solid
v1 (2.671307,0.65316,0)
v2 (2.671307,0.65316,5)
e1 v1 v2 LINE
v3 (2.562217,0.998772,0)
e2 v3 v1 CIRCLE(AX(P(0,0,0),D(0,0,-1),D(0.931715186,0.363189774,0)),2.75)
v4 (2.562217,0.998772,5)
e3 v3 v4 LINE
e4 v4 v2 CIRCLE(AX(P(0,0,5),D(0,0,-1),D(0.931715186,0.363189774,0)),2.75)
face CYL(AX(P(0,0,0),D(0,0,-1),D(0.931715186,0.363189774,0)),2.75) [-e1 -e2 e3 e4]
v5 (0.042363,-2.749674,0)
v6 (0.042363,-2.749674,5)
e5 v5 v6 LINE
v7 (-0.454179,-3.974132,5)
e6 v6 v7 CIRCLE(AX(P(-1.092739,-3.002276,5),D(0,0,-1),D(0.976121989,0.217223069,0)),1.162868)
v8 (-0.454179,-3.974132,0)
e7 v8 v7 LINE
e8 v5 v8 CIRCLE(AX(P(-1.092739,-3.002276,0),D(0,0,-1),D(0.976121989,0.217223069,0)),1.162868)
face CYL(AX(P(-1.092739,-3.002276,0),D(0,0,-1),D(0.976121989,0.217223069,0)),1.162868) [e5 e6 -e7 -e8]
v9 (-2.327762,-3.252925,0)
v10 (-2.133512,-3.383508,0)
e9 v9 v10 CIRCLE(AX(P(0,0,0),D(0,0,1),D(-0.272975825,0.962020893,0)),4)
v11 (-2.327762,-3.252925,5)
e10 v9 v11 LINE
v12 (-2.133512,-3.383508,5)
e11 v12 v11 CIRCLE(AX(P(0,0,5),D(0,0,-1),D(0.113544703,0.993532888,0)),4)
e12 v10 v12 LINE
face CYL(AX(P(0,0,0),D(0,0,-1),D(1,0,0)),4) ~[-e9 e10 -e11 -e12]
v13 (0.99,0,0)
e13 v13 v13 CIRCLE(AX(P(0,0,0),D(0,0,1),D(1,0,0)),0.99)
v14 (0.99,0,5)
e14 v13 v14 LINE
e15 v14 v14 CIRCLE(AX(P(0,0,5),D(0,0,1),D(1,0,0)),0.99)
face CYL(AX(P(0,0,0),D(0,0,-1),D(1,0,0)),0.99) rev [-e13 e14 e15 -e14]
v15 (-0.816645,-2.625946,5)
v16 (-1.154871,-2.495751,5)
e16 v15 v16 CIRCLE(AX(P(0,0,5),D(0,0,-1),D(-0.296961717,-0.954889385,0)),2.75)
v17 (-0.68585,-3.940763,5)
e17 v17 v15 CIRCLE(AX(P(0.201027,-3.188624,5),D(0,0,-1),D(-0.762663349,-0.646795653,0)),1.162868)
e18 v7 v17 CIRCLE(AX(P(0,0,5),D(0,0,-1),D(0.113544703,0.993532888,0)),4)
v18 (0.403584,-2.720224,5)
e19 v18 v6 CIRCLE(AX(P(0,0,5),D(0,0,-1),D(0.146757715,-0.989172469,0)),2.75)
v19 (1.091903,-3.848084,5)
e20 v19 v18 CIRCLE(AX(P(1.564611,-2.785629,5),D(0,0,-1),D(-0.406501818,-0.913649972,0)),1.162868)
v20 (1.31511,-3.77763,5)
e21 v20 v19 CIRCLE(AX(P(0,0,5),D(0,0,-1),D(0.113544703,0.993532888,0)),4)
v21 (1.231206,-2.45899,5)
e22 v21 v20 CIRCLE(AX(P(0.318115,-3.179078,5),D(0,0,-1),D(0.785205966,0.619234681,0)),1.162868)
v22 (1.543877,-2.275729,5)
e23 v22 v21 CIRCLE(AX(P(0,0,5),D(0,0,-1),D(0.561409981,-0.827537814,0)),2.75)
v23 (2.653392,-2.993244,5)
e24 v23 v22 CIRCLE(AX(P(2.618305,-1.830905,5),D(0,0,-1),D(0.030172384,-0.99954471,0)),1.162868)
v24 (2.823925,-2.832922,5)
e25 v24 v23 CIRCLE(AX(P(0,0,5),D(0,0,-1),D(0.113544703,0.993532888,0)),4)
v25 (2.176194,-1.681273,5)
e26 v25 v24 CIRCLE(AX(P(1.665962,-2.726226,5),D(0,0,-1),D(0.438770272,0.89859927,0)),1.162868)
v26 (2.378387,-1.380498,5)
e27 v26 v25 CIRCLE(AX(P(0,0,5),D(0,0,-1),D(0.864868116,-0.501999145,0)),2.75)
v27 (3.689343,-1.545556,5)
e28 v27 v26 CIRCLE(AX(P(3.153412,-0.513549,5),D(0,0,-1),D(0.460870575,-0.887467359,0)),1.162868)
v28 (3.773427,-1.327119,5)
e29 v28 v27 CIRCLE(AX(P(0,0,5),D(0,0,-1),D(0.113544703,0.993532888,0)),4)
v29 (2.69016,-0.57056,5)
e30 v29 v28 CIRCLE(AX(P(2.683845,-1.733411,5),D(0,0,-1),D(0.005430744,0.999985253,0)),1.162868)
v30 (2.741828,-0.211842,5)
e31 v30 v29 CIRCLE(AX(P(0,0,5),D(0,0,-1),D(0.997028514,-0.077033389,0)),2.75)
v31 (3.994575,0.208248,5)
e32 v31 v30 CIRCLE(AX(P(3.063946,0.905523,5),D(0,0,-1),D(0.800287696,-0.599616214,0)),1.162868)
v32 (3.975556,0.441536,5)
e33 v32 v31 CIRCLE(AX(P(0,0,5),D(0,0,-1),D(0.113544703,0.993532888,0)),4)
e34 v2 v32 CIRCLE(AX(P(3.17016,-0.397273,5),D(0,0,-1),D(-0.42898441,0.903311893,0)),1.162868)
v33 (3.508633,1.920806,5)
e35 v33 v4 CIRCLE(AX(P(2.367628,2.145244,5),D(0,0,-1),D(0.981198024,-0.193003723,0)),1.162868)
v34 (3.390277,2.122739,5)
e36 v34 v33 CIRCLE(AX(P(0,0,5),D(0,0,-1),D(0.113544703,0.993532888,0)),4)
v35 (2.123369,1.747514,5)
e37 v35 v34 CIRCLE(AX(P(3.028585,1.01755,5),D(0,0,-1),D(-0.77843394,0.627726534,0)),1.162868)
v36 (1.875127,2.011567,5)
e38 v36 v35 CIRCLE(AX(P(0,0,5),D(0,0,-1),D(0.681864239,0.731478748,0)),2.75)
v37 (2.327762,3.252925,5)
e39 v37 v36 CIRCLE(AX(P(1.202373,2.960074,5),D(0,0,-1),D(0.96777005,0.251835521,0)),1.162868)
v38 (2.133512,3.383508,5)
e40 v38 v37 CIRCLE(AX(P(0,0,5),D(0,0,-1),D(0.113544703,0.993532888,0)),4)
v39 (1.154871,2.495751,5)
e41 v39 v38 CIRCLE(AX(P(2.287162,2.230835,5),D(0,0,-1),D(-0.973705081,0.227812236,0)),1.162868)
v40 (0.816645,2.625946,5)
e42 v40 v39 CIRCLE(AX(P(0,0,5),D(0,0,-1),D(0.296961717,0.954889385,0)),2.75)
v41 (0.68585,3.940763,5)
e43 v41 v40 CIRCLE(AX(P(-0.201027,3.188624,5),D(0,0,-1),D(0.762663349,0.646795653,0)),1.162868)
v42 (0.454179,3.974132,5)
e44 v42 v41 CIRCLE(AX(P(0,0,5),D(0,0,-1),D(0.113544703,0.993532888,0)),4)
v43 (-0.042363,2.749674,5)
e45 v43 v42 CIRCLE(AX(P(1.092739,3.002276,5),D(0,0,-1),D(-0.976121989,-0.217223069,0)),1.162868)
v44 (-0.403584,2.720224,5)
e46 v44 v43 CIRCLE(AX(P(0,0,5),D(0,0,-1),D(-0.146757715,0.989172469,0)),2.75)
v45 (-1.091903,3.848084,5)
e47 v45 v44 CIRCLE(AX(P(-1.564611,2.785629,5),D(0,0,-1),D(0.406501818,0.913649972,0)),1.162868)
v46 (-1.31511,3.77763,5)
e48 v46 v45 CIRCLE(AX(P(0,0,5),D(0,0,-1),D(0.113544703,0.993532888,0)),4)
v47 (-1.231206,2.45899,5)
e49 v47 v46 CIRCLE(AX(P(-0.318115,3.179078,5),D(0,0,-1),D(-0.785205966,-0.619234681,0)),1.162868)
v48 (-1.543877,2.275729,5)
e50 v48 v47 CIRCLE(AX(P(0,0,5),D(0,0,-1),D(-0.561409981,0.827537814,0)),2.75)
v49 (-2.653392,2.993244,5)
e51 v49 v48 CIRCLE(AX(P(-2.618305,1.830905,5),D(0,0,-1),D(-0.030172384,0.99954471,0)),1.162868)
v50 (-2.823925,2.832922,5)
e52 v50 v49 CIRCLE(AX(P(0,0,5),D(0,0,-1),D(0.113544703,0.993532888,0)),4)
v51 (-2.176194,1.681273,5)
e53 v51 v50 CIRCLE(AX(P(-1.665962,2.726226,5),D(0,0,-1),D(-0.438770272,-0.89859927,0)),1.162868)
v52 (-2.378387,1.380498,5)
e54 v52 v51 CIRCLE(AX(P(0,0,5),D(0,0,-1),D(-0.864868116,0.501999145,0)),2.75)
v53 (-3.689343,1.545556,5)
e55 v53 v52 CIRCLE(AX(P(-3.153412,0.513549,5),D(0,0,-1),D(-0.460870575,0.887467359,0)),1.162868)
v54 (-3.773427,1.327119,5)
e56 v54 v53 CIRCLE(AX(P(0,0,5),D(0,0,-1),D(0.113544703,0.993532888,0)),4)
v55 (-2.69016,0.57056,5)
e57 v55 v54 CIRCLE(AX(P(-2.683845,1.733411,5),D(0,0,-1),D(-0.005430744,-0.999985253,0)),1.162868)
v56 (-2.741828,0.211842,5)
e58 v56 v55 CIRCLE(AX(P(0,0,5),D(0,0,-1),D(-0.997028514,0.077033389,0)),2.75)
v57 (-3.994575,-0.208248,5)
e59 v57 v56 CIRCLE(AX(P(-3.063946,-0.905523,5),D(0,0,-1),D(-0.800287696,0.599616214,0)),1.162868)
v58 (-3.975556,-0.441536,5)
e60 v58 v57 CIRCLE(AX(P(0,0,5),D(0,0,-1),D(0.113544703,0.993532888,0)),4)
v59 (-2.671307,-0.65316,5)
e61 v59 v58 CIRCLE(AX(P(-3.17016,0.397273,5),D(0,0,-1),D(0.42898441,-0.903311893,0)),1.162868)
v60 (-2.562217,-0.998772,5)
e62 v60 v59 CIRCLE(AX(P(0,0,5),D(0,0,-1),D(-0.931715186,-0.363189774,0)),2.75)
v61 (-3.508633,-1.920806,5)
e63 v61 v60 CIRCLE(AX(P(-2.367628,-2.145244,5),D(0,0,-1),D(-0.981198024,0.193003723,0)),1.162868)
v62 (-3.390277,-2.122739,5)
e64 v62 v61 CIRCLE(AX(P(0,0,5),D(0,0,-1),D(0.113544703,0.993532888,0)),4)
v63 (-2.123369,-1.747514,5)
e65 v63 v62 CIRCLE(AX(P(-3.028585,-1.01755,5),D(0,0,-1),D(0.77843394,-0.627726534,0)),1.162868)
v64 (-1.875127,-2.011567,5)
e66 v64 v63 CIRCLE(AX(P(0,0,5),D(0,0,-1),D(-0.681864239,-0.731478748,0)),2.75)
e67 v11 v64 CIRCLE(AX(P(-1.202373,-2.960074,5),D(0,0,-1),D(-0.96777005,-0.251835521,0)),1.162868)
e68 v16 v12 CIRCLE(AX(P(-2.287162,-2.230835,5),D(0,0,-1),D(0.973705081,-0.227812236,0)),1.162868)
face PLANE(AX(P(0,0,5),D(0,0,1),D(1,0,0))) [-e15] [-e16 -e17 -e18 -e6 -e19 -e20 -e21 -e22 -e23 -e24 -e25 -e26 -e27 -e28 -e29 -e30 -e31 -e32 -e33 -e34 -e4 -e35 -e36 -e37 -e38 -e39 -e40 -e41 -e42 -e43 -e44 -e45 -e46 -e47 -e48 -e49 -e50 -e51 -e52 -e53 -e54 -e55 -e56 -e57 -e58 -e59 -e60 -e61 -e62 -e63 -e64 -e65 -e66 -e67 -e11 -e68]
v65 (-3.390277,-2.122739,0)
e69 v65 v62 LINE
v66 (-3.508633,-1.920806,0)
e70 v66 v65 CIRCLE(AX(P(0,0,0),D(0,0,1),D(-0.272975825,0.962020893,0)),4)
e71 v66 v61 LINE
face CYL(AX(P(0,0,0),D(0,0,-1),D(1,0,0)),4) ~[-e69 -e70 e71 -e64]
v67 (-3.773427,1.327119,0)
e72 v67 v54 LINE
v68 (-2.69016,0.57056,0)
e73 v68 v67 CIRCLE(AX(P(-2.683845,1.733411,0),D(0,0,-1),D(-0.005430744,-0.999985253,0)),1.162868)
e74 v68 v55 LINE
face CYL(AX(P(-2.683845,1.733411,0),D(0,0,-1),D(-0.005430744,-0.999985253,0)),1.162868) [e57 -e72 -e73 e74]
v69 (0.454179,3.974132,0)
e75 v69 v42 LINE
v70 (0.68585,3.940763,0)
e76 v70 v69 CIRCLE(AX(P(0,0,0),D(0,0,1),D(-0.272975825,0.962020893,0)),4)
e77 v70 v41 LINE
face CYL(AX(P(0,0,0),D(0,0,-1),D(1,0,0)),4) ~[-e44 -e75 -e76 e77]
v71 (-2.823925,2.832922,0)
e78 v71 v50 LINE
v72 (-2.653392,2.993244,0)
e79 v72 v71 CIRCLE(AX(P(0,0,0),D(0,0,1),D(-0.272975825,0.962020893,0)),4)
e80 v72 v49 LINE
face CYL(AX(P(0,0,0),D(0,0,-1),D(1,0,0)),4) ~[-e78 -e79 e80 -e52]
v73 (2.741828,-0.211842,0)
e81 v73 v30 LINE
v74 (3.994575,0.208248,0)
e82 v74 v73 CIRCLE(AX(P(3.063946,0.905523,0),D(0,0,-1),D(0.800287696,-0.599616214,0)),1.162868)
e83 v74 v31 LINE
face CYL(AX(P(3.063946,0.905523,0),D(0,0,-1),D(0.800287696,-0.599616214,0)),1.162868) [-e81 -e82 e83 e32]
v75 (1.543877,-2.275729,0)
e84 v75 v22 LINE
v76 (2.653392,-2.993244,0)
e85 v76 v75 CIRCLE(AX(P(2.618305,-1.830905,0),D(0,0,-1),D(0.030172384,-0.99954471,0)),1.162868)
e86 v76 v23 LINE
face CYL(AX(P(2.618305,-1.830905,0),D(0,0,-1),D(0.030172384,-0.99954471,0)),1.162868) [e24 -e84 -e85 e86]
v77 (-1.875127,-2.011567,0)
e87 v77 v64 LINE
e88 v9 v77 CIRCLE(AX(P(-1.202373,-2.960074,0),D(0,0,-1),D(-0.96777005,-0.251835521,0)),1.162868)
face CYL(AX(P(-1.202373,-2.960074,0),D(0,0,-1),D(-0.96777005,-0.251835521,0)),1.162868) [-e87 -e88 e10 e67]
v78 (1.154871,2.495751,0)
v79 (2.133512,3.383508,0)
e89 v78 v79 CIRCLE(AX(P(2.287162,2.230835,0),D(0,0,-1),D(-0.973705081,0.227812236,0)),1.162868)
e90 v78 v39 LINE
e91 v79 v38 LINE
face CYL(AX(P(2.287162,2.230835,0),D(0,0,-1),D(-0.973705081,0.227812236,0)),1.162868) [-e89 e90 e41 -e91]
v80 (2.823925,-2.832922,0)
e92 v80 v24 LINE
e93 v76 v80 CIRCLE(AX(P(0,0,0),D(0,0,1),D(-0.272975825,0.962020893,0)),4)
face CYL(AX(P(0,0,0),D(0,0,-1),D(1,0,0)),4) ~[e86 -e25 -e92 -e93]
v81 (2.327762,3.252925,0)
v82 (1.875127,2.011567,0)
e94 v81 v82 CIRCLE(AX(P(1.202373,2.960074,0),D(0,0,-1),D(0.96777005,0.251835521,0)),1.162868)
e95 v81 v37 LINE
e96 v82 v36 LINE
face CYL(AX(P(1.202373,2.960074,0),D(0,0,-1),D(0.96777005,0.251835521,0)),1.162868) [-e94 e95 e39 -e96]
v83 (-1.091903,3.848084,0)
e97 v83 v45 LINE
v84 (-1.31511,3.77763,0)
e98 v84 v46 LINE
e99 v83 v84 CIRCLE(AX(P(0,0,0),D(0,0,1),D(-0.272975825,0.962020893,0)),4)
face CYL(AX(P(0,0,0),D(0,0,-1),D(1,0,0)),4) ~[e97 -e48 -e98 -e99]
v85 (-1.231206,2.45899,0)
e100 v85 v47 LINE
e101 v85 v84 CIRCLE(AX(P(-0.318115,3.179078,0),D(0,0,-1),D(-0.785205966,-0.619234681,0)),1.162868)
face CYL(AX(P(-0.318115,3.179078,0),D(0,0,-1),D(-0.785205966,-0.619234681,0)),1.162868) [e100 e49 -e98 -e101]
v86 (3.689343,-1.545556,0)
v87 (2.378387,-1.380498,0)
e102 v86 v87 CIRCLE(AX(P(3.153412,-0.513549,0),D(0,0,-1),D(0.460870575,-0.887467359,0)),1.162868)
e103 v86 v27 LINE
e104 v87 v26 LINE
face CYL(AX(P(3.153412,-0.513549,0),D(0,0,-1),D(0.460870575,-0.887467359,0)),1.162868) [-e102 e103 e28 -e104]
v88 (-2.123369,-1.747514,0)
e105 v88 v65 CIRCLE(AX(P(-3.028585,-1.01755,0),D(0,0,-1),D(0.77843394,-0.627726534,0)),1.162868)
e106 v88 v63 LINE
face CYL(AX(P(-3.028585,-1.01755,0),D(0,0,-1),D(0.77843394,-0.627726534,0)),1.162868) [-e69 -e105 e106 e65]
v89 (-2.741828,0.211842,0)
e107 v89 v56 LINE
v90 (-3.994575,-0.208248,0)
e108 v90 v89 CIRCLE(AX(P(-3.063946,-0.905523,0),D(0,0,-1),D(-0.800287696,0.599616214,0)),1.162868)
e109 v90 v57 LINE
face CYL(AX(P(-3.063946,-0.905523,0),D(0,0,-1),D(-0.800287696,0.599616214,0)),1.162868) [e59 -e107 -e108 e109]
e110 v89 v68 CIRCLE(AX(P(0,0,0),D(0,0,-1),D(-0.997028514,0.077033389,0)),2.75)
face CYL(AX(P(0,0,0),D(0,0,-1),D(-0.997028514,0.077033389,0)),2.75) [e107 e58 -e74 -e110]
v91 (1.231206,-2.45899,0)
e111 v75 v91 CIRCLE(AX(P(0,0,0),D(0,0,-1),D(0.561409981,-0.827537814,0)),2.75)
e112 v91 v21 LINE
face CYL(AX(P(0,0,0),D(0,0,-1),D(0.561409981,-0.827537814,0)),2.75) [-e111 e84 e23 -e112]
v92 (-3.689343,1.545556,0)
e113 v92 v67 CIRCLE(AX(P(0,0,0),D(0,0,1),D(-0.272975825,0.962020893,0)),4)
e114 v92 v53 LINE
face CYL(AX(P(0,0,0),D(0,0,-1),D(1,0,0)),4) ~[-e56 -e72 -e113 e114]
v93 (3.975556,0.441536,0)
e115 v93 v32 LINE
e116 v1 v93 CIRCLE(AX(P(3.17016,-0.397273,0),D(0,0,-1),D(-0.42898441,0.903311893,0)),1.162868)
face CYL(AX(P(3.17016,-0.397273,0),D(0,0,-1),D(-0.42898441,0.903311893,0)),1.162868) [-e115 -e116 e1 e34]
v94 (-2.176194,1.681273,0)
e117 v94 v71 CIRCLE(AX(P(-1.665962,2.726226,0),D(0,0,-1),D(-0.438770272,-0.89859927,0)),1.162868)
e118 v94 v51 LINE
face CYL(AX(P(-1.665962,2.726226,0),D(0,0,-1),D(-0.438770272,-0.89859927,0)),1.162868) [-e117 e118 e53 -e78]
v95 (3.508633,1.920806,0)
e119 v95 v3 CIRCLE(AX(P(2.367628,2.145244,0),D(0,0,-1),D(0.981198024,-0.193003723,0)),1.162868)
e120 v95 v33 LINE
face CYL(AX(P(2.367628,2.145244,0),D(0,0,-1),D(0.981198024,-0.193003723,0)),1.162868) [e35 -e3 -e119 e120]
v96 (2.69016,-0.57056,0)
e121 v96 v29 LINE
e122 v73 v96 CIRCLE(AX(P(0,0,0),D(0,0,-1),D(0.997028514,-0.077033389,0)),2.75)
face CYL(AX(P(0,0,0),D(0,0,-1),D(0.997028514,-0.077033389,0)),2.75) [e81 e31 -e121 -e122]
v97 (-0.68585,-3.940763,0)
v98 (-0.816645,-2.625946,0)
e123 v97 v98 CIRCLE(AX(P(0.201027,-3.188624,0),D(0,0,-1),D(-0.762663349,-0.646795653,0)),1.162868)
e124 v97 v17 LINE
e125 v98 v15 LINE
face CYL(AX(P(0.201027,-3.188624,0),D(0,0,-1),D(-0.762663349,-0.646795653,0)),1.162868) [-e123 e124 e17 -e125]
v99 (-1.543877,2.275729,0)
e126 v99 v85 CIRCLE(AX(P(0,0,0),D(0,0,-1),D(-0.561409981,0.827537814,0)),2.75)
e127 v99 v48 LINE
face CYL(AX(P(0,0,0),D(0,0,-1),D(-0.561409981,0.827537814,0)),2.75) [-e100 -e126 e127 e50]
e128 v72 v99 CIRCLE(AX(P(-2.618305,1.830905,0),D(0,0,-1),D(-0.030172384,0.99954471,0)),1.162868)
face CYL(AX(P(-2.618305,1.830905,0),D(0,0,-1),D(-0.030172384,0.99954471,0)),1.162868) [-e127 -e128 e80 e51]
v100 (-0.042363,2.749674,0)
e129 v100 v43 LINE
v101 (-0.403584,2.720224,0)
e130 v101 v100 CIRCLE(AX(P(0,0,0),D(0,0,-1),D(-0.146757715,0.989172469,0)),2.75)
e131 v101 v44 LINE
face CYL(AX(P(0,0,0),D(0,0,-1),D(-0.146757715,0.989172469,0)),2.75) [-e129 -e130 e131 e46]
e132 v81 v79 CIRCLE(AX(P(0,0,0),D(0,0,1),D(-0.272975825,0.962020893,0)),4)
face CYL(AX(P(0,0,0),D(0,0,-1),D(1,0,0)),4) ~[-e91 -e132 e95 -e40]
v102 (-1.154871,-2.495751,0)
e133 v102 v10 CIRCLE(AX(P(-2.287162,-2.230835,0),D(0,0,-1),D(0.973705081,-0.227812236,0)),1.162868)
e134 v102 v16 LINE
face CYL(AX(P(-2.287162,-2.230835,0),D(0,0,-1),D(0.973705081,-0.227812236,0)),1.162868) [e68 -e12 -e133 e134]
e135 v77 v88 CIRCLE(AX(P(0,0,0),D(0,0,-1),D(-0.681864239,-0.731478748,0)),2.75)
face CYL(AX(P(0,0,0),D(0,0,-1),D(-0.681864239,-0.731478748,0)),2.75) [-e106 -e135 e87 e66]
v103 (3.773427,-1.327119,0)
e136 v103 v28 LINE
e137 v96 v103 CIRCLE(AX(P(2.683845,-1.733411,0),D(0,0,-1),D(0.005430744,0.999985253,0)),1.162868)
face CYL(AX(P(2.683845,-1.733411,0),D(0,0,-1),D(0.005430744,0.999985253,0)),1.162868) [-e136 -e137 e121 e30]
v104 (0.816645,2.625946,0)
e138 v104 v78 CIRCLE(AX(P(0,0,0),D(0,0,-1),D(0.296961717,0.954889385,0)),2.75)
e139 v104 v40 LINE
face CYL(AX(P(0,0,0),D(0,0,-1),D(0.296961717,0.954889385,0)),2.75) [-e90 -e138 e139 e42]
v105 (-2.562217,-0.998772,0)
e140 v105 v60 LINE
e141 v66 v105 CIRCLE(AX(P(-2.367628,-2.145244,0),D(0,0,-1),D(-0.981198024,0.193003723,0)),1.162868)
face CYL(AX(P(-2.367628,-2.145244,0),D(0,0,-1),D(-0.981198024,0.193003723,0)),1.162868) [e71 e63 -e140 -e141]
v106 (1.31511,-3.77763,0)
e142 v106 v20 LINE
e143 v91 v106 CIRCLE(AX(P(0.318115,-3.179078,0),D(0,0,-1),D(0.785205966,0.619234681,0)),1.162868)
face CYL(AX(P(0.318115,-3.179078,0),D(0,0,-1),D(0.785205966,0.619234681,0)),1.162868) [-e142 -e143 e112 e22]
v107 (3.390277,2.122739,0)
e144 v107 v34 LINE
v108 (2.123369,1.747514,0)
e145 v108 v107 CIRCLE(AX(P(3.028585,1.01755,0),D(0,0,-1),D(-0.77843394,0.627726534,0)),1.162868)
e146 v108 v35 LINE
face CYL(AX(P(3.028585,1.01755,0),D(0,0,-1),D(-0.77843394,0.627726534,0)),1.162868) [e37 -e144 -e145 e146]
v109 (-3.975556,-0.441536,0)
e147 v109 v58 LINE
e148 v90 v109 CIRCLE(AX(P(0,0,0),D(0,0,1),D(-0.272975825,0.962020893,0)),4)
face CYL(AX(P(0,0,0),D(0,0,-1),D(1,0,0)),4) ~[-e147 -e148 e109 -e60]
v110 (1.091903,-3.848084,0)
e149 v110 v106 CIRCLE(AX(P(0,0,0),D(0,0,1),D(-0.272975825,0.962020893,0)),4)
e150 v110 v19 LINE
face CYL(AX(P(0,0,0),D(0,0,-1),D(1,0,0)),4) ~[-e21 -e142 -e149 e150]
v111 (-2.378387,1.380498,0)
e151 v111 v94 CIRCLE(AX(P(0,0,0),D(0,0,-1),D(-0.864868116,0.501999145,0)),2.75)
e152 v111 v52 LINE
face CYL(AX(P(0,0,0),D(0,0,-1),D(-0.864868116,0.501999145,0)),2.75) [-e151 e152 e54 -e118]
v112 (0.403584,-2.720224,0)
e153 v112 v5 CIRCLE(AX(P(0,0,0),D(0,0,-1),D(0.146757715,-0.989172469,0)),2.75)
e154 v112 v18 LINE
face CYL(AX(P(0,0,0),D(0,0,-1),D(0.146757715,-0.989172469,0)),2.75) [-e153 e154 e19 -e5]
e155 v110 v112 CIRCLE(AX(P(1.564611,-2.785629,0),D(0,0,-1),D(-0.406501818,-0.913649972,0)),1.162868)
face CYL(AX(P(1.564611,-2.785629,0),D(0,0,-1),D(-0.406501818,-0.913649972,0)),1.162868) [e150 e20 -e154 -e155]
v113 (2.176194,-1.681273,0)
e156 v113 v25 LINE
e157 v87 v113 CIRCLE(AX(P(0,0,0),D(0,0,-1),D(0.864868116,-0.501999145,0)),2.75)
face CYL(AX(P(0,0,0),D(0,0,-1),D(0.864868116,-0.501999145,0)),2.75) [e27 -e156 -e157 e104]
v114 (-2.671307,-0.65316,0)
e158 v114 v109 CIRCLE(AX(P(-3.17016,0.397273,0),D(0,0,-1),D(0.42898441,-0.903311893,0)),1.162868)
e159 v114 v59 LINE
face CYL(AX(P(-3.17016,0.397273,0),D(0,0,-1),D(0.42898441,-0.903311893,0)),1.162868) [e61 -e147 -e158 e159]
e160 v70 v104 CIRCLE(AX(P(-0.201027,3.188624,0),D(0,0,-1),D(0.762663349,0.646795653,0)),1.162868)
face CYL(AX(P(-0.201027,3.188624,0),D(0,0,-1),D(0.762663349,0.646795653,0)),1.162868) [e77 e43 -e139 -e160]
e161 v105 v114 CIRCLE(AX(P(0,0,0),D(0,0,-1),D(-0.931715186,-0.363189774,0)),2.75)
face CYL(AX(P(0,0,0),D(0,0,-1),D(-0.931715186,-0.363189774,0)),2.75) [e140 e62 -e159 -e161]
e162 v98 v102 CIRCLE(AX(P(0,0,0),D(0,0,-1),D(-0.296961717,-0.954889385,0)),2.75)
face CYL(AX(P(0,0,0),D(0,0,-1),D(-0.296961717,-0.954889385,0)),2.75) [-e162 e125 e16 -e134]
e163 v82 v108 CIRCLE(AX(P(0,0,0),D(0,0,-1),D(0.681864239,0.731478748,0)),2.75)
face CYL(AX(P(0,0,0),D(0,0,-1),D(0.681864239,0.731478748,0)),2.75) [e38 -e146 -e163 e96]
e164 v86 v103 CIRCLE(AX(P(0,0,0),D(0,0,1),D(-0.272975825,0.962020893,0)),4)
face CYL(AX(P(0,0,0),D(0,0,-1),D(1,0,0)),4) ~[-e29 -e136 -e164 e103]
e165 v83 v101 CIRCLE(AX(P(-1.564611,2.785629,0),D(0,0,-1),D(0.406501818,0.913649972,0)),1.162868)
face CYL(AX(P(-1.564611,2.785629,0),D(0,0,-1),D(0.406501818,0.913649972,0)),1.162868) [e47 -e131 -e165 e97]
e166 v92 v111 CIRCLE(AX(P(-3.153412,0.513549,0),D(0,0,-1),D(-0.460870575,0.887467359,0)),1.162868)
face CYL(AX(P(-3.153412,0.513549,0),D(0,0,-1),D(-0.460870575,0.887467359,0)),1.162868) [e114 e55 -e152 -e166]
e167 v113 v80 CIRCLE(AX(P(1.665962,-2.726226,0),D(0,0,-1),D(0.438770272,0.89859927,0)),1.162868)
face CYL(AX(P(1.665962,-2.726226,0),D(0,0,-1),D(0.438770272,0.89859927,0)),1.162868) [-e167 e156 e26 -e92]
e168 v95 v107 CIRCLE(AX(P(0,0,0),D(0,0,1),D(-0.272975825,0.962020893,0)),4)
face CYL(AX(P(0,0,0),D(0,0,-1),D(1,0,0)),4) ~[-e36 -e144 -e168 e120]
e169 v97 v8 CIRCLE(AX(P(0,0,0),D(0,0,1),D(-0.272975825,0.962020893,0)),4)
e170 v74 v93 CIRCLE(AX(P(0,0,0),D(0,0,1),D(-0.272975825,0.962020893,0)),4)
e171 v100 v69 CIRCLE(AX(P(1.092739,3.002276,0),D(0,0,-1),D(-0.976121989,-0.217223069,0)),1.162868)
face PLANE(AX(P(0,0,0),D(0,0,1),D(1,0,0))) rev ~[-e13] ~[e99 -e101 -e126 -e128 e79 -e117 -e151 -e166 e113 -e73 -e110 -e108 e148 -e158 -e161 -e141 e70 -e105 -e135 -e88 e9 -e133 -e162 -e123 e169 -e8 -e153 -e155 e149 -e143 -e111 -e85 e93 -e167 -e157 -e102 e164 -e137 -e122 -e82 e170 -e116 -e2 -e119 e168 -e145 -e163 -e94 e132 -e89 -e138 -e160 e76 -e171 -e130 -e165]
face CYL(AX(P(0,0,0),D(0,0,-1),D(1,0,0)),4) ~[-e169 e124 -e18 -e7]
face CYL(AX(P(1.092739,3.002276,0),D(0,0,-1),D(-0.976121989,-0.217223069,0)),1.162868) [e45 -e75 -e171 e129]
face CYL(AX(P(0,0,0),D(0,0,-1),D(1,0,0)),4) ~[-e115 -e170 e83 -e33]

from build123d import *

# Parameters (mm, degrees)
CROQUIS1_R              = 4
CROQUIS1_R_2            = 0.99
SALIENTE_EXTRUIR1_DEPTH = 5
CORTAR_EXTRUIR1_START   = -5
CORTAR_EXTRUIR1_DEPTH   = 5
MATRIZC1_COUNT          = 14


with BuildPart() as part:
    # Croquis1 → Saliente-Extruir1 (new body)
    with BuildSketch(Plane.XY):
        Circle(CROQUIS1_R)
        Circle(CROQUIS1_R_2, mode=Mode.SUBTRACT)
    extrude(amount=SALIENTE_EXTRUIR1_DEPTH)

    # Croquis2 → Cortar-Extruir1 (cut)
    with BuildSketch(Plane.XY.offset(5).offset(CORTAR_EXTRUIR1_START)):
        with BuildLine():
            ThreePointArc((0.454178812, 3.974131554), (-0.325031004, 3.986772485), (-1.091903299, 3.848083573))
            ThreePointArc((-1.091903299, 3.848083573), (-0.571993768, 3.391411982), (-0.403583734, 2.720224287))
            ThreePointArc((-0.403583734, 2.720224287), (-0.223458815, 2.740906083), (-0.042362565, 2.749673692))
            ThreePointArc((-0.042362565, 2.749673692), (0.01510581, 3.439276656), (0.454178812, 3.974131554))
        make_face()
    cortar_extruir1 = extrude(amount=CORTAR_EXTRUIR1_DEPTH, mode=Mode.SUBTRACT)

    # MatrizC1: Cortar-Extruir1 ×14 about axis
    matrizc1_axis = Axis((0, 0, 0), (0, 0, 1))
    for i in range(1, MATRIZC1_COUNT):
        add(cortar_extruir1.rotate(matrizc1_axis, i * 360 / MATRIZC1_COUNT), mode=Mode.SUBTRACT)


solid = part.part
